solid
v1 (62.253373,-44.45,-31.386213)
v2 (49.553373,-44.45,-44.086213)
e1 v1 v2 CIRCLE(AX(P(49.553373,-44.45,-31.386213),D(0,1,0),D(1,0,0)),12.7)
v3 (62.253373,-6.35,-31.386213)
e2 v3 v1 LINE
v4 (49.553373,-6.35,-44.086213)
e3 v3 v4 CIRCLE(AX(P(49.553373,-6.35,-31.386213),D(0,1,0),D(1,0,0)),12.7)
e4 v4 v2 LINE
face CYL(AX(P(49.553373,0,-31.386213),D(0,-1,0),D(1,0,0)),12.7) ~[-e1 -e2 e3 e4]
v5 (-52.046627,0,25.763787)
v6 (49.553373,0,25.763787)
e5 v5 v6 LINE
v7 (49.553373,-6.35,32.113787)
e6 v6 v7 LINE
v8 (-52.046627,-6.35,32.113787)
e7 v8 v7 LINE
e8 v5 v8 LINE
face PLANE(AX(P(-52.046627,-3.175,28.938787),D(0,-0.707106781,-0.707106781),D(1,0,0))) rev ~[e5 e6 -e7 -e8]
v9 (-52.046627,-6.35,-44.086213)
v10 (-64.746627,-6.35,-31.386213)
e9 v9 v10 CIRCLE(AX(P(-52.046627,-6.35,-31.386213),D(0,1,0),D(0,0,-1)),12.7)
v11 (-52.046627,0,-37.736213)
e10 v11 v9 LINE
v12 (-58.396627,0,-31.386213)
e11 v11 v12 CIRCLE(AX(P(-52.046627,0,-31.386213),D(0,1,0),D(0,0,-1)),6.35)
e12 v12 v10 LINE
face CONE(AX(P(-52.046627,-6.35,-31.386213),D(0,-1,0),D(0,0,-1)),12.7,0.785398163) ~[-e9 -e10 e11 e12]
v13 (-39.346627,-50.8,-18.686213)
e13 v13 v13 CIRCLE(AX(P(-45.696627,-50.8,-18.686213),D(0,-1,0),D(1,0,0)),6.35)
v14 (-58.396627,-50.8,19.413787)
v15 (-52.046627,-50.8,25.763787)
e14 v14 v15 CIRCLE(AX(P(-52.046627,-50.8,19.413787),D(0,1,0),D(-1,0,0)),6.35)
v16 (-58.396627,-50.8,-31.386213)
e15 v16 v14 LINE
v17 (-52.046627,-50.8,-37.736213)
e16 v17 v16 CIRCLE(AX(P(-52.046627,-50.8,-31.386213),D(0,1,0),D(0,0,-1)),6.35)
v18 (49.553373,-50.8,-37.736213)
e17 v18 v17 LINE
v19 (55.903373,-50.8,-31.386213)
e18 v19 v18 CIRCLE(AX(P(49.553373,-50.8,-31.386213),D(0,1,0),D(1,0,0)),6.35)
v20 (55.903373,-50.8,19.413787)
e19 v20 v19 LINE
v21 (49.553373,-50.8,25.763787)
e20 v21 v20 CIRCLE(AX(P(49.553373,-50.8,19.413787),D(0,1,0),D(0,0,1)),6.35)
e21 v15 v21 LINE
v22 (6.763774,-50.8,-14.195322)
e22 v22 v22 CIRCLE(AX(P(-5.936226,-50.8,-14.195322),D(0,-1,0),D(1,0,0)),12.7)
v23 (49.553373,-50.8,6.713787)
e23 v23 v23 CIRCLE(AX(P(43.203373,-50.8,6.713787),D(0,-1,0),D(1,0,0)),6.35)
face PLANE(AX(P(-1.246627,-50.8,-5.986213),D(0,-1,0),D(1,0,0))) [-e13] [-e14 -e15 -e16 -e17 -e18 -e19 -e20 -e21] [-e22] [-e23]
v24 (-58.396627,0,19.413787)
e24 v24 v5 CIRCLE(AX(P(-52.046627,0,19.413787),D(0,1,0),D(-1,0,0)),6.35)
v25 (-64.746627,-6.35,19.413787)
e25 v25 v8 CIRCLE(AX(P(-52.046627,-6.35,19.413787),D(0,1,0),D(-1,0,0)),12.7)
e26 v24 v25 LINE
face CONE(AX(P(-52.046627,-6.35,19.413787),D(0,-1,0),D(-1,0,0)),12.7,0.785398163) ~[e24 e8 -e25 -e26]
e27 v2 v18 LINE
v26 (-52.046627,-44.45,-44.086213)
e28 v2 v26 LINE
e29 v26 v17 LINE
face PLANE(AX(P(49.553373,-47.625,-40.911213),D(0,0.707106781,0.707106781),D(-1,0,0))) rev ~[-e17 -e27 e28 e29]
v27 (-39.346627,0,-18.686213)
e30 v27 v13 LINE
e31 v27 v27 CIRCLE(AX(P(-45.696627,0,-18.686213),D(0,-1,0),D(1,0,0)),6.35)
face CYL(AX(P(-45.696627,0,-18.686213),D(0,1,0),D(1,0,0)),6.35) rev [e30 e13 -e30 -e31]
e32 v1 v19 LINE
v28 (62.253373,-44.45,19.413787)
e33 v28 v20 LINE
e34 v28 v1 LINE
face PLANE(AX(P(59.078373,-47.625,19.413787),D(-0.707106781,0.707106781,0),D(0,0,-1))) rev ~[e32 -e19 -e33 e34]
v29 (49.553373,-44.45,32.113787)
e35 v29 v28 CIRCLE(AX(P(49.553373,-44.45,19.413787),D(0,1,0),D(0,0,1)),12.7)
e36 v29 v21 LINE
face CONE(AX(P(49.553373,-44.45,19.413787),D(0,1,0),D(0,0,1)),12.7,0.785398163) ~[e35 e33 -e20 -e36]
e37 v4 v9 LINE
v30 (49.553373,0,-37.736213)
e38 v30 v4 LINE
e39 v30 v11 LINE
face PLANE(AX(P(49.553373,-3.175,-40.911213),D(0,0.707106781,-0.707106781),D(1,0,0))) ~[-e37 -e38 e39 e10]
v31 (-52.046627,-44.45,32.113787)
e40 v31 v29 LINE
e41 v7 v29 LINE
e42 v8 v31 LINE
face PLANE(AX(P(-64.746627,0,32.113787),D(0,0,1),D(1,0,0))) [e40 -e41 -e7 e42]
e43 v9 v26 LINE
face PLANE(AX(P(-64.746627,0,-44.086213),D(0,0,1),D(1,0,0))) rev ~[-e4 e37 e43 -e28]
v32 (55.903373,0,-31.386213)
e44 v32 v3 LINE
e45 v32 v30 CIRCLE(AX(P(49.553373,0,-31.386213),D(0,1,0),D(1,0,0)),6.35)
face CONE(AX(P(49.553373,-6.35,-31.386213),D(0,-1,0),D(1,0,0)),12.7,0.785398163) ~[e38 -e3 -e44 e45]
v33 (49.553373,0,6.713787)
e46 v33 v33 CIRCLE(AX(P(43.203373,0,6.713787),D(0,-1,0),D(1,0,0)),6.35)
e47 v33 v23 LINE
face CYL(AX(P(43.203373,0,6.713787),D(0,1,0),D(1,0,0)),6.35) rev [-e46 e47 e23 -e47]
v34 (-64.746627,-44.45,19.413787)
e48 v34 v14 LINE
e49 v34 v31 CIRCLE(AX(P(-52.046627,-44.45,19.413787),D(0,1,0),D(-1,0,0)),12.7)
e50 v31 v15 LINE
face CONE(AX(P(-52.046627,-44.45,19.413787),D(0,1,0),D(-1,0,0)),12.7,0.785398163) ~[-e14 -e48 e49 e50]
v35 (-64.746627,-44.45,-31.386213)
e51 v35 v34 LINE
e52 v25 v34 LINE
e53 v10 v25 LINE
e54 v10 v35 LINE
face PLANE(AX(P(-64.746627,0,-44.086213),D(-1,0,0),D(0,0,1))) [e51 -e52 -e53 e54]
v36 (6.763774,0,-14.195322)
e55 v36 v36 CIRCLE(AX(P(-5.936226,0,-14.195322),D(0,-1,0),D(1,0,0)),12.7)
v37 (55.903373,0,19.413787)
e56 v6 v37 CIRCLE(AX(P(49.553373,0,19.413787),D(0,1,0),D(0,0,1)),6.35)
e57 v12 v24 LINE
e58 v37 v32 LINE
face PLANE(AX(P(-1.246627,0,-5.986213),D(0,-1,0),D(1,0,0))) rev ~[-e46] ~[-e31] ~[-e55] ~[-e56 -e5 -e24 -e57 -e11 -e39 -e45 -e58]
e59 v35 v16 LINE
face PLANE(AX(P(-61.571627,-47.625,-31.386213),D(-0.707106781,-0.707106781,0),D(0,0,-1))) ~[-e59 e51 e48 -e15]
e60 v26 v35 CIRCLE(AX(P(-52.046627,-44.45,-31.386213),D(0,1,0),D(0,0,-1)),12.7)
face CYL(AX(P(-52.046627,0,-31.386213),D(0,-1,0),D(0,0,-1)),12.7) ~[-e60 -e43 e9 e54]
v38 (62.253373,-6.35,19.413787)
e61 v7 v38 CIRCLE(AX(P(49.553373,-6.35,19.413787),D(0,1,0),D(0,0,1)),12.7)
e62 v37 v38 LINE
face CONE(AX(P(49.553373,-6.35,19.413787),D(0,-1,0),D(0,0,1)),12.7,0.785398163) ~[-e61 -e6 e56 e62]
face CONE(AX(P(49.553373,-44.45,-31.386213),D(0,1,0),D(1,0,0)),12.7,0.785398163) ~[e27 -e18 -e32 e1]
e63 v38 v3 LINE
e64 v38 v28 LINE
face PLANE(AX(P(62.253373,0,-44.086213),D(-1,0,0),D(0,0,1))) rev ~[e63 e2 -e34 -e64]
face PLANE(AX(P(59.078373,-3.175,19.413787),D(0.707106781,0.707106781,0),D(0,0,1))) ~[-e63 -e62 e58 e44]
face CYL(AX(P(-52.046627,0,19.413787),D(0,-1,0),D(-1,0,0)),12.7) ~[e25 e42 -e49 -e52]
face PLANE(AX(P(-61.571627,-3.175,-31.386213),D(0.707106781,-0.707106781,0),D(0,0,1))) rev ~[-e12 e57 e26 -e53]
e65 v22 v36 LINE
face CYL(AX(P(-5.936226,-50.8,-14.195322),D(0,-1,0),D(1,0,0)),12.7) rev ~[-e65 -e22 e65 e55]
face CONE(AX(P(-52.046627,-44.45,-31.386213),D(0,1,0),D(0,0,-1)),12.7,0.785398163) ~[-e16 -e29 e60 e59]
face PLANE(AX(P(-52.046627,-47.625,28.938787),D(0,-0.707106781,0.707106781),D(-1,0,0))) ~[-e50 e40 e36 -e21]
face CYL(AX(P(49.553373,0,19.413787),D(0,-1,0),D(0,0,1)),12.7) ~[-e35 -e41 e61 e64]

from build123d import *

# Parameters (mm, degrees)
F0_W     = 127
F0_H     = 76.2
F0_R     = 6.35
F1_DEPTH = 50.8
F2_R     = 12.7
F3_DEPTH = 60.452
F4_R     = 12.7
F5_R     = 12.7
F6_R     = 12.7
F7_R     = 12.7
F8_SIZE  = 6.35
F9_SIZE  = 6.35


with BuildPart() as f1:
    # F0 (on Front) → F1 (new body)
    with BuildSketch(Plane.XZ):
        with Locations((-1.246627, -5.986213)):
            Rectangle(F0_W, F0_H)
        with Locations((-45.696627, -18.686213)):
            Circle(F0_R, mode=Mode.SUBTRACT)
        with Locations((43.203373, 6.713787)):
            Circle(F0_R, mode=Mode.SUBTRACT)
    extrude(amount=F1_DEPTH)

    # F2 (on face) → F3 (cut)
    with BuildSketch(Plane.XZ.offset(50.8)):
        with Locations((-5.936226, -14.195322)):
            Circle(F2_R)
    extrude(amount=-F3_DEPTH, mode=Mode.SUBTRACT)

    # F4
    f4_edges = [f1.edges().sort_by_distance(p)[0] for p in [
        (-64.746627, -25.4, 32.113787),
    ]]
    fillet(f4_edges, radius=F4_R)

    # F5
    f5_edges = [f1.edges().sort_by_distance(p)[0] for p in [
        (62.253373, -25.4, 32.113787),
    ]]
    fillet(f5_edges, radius=F5_R)

    # F6
    f6_edges = [f1.edges().sort_by_distance(p)[0] for p in [
        (62.253373, -25.4, -44.086213),
    ]]
    fillet(f6_edges, radius=F6_R)

    # F7
    f7_edges = [f1.edges().sort_by_distance(p)[0] for p in [
        (-64.746627, -25.4, -44.086213),
    ]]
    fillet(f7_edges, radius=F7_R)

    # F8
    f8_edges = [f1.edges().sort_by_distance(p)[0] for p in [
        (-1.246627, 0, 32.113787),
    ]]
    chamfer(f8_edges, length=F8_SIZE)

    # F9
    f9_edges = [f1.edges().sort_by_distance(p)[0] for p in [
        (-1.246627, -50.8, 32.113787),
    ]]
    chamfer(f9_edges, length=F9_SIZE)


solid = f1.part
